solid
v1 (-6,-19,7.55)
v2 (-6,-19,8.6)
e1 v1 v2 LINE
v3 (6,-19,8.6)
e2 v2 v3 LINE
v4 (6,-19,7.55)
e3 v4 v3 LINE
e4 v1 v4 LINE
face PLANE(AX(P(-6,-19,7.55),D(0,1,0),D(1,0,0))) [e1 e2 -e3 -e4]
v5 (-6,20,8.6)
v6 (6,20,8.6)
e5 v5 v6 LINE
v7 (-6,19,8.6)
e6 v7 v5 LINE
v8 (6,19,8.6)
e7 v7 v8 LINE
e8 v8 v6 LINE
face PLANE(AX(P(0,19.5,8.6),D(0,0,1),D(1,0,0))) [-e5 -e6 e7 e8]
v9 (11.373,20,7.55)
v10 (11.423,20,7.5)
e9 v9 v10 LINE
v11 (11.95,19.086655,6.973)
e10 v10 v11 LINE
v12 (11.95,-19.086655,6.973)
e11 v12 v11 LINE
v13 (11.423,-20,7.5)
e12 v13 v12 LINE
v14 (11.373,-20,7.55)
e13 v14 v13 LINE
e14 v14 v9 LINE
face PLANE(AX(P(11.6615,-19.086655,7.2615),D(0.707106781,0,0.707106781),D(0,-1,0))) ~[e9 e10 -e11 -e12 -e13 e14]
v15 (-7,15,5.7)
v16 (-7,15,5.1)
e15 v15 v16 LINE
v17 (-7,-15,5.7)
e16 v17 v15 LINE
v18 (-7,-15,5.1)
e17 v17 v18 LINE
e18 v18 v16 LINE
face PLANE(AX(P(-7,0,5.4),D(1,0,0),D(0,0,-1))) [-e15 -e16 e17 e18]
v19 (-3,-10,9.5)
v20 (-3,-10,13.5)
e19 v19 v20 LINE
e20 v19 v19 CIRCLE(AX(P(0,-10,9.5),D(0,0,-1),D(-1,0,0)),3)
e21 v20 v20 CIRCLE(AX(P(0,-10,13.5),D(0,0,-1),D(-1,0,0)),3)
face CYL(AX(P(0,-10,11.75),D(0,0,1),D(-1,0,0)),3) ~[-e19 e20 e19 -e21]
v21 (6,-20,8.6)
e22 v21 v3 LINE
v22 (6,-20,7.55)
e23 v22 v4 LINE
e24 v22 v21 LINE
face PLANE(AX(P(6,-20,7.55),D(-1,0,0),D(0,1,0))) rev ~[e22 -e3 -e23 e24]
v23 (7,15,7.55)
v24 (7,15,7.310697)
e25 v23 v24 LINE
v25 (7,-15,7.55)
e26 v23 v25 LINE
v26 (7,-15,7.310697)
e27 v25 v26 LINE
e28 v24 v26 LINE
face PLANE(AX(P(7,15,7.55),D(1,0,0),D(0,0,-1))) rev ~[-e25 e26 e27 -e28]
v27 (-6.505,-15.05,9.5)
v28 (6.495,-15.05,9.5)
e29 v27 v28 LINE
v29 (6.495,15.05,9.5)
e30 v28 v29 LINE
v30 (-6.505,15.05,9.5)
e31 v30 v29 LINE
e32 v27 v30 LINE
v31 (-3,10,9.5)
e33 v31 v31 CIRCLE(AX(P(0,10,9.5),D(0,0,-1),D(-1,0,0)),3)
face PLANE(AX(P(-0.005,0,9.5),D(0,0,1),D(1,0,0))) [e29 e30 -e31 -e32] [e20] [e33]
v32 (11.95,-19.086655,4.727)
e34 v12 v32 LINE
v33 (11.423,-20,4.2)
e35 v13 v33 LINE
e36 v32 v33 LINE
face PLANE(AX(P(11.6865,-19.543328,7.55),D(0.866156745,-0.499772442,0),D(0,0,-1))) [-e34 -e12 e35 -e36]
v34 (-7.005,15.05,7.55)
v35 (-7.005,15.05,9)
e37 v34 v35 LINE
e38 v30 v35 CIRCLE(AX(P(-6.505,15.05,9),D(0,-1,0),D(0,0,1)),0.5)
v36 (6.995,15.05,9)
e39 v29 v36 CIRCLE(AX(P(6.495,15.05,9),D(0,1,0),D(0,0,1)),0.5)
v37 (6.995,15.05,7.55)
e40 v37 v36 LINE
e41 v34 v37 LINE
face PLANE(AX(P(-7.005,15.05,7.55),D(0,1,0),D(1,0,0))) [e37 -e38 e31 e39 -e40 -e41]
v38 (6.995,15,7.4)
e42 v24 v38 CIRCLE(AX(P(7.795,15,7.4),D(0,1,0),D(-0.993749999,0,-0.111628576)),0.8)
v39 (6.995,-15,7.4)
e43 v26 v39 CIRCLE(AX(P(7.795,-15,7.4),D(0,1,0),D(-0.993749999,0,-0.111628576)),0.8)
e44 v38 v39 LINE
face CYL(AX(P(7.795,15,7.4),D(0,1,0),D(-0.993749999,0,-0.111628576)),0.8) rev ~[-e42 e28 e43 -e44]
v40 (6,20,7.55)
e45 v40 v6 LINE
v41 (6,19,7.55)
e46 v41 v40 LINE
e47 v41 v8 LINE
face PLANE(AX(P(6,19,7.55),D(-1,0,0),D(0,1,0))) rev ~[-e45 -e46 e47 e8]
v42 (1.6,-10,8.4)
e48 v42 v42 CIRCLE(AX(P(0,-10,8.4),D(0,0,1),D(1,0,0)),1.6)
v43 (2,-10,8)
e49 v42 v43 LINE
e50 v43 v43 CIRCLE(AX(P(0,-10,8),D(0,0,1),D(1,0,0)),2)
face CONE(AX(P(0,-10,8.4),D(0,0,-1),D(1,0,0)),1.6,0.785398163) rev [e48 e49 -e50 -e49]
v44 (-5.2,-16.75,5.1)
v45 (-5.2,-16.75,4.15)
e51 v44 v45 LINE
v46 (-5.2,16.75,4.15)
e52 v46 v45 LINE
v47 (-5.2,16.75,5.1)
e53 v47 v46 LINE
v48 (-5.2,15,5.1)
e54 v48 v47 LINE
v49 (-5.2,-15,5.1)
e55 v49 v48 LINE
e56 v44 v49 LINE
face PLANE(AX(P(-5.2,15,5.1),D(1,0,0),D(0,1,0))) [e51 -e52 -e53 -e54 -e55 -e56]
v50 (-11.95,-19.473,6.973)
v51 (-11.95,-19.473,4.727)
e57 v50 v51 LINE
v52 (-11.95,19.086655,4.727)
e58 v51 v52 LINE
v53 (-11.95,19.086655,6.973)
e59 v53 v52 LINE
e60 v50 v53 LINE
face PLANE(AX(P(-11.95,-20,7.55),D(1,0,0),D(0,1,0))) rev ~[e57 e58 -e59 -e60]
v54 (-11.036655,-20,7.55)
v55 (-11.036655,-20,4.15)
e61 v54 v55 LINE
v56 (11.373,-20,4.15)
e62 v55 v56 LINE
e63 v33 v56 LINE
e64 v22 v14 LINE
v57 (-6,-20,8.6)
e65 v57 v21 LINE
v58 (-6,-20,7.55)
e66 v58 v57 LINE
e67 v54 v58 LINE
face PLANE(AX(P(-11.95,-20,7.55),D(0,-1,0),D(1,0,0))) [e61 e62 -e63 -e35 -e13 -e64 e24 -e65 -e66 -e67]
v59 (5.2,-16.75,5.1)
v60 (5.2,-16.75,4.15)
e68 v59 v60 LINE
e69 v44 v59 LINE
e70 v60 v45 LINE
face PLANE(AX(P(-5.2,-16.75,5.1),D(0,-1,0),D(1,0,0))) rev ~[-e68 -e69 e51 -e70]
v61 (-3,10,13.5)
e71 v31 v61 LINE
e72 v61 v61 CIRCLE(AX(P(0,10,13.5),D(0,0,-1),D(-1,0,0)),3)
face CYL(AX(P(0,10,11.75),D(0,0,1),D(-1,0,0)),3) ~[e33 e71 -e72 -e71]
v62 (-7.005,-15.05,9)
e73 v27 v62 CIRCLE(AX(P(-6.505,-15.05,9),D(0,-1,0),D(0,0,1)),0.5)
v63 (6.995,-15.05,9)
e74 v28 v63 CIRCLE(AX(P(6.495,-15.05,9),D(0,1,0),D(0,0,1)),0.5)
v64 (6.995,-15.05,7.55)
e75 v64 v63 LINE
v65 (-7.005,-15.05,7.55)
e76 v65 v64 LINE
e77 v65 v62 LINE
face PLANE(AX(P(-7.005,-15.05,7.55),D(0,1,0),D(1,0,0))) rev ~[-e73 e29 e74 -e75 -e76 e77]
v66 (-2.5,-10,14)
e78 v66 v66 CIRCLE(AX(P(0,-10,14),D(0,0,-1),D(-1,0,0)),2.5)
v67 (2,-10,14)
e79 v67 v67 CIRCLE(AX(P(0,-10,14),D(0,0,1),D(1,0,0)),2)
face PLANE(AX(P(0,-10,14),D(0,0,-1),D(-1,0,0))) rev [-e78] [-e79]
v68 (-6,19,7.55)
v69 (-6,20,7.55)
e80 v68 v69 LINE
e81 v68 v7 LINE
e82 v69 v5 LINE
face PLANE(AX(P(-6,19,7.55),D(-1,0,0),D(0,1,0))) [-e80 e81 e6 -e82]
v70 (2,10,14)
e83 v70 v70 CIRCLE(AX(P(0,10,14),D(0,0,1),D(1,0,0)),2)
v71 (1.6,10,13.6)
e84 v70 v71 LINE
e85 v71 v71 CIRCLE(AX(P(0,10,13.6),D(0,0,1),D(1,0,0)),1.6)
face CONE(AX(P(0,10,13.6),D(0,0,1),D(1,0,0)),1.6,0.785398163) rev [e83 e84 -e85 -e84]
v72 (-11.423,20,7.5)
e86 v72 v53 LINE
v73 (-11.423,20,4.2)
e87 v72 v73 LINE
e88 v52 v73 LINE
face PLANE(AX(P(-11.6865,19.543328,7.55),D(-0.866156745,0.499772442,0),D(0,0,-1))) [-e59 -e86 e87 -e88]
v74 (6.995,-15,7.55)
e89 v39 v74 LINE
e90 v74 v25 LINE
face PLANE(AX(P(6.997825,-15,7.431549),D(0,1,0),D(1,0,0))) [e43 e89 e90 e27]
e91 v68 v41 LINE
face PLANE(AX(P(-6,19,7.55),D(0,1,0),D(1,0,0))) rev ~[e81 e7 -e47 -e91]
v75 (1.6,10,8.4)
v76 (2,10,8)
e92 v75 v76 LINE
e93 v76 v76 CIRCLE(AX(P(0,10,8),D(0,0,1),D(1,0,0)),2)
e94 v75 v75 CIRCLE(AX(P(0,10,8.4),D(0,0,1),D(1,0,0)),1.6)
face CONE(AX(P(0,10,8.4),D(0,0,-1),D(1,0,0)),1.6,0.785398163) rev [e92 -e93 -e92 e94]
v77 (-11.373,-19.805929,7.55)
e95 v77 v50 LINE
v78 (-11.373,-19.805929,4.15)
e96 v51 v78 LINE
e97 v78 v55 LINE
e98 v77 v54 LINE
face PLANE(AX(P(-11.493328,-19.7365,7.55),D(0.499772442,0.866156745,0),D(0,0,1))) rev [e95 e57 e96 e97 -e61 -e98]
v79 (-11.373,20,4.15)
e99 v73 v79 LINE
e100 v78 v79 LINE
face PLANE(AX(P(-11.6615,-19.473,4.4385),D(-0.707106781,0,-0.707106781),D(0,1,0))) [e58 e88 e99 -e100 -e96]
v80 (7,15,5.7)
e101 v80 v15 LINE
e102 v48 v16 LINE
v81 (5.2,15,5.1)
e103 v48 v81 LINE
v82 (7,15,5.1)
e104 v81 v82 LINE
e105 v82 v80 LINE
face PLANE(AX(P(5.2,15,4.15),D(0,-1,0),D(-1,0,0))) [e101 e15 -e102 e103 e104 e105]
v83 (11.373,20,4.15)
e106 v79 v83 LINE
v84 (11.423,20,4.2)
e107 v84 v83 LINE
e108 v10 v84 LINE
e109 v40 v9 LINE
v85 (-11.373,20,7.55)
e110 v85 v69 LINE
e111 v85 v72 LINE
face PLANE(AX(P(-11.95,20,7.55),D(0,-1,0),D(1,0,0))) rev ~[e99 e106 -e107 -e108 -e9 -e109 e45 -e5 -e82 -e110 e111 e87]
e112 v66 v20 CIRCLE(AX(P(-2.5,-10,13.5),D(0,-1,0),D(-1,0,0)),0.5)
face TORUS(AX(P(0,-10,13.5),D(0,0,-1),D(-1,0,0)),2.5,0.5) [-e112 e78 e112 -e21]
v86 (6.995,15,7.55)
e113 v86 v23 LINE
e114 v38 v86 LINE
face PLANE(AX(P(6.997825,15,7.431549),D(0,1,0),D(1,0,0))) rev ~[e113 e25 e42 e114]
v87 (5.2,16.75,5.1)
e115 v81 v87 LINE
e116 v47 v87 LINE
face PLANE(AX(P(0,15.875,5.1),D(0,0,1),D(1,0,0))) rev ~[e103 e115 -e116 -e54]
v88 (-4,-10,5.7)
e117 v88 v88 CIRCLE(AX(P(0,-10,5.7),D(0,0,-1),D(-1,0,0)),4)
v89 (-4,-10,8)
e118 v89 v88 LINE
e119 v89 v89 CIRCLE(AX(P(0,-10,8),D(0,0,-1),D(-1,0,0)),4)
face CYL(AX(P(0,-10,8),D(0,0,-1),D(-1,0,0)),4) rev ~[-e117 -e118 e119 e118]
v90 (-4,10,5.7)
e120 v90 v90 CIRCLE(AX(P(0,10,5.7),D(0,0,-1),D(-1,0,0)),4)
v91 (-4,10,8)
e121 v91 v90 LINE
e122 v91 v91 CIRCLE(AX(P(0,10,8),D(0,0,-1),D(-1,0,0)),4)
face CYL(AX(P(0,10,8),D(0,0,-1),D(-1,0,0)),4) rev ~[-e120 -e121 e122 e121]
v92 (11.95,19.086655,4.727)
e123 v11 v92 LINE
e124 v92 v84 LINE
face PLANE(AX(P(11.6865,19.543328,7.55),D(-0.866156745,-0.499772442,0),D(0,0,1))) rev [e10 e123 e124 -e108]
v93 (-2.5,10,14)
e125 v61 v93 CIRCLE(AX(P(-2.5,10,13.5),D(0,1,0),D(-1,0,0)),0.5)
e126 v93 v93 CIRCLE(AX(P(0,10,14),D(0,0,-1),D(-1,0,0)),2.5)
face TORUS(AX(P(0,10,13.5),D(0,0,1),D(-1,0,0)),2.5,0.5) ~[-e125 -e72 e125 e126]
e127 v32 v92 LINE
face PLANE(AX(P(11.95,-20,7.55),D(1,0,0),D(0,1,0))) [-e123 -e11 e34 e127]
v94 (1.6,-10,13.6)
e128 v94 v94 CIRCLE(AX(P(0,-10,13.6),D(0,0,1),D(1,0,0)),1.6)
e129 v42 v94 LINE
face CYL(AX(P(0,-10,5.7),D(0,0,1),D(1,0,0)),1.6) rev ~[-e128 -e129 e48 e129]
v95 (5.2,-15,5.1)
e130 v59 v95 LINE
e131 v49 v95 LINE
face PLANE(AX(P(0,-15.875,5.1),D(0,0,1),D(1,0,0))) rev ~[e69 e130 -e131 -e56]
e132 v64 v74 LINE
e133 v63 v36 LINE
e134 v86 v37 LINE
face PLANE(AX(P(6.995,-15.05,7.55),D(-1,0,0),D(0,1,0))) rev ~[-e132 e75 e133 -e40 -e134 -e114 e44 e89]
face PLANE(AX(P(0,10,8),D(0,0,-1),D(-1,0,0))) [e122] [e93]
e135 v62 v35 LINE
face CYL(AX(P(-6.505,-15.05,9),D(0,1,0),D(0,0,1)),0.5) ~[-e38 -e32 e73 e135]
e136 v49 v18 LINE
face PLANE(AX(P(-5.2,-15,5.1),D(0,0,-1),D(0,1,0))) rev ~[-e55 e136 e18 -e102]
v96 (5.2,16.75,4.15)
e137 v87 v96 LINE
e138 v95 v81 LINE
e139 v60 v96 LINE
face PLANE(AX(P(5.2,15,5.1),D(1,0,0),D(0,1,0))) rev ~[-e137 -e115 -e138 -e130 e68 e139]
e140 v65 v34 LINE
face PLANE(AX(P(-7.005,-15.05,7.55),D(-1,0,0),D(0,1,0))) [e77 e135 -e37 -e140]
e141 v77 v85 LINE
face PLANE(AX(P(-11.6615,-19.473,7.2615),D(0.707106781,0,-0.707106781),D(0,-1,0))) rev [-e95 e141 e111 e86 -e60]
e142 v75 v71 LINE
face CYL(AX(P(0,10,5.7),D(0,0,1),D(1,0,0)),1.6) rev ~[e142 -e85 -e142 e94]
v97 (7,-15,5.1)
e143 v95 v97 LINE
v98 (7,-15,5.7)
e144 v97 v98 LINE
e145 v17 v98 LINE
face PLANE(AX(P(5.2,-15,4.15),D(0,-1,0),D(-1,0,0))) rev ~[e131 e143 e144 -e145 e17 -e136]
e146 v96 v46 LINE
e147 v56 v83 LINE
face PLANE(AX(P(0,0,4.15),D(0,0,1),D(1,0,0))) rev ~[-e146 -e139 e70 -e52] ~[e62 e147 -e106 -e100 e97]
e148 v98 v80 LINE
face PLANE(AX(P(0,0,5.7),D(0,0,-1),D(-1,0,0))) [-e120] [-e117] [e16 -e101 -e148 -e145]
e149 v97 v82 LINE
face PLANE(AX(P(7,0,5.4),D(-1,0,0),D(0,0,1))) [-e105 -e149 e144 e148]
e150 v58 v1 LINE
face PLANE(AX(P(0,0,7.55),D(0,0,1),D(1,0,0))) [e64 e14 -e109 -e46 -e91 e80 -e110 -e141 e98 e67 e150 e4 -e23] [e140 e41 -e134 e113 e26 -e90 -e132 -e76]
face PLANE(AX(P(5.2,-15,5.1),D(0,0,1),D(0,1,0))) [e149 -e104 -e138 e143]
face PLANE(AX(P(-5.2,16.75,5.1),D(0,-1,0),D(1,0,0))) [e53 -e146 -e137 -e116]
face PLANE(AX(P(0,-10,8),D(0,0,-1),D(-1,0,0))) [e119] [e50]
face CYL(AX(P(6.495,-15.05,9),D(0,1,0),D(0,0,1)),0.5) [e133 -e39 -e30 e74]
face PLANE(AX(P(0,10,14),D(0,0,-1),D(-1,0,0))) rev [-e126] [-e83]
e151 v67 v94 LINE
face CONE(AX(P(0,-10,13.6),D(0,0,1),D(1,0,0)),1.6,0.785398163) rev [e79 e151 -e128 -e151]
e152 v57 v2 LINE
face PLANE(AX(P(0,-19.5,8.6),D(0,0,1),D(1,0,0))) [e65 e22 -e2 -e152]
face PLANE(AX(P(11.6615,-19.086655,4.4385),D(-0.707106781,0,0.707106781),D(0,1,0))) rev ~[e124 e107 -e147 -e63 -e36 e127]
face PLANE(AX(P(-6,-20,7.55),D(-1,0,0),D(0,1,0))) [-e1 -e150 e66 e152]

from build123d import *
from OCP.BRepFilletAPI import BRepFilletAPI_MakeChamfer

# Parameters (mm, degrees)
ESQUISSE1_W                                        = 23.9
ESQUISSE1_H                                        = 40
BOSS_EXTRU_1_DEPTH                                 = 3.4
ENL_V_MAT_EXTRU_1_DEPTH                            = 30
ESQUISSE3_W                                        = 14
ESQUISSE3_H                                        = 30.1
BOSS_EXTRU_2_DEPTH                                 = 1.95
ESQUISSE4_W                                        = 10.4
ESQUISSE4_H                                        = 30
ENL_V_MAT_EXTRU_2_DEPTH                            = 1.55
ENL_V_MAT_EXTRU_3_REACH                            = 25.71
ESQUISSE6_W                                        = 10.4
ESQUISSE6_H                                        = 1.75
ENL_V_MAT_EXTRU_4_REACH                            = 25.71
ESQUISSE8_W                                        = 10.4
ESQUISSE8_H                                        = 1.75
ESQUISSE9_W                                        = 0.6
ESQUISSE9_H                                        = 30
ENL_V_MAT_EXTRU_5_DEPTH                            = 1.8
ESQUISSE10_W                                       = 0.6
ESQUISSE10_H                                       = 30
ENL_V_MAT_EXTRU_6_DEPTH                            = 1.8
ESQUISSE11_W                                       = 12
ESQUISSE11_H                                       = 1
BOSS_EXTRU_3_DEPTH                                 = 1.05
ESQUISSE12_W                                       = 12
ESQUISSE12_H                                       = 1
BOSS_EXTRU_4_DEPTH                                 = 1.05
ESQUISSE13_W                                       = 3
ESQUISSE13_H                                       = 4.5
ESQUISSE14_W                                       = 3
ESQUISSE14_H                                       = 4.5
CHAMBRAGE_POUR_VIS_T_TE_HEXAGONALE_M31_D           = 3.2
CHAMBRAGE_POUR_VIS_T_TE_HEXAGONALE_M31_CBORE_D     = 8
CHAMBRAGE_POUR_VIS_T_TE_HEXAGONALE_M31_CBORE_DEPTH = 2.3
CHANFREIN1_SIZE                                    = 0.913344887
CHANFREIN1_SIZE2                                   = 0.527
CHANFREIN2_SIZE                                    = 0.527
CHANFREIN2_SIZE2                                   = 0.913344887
CHANFREIN3_SIZE                                    = 0.577
CHANFREIN4_SIZE                                    = 0.4
CONG_1_R                                           = 0.5


with BuildPart() as part:
    # Esquisse1 → Boss.-Extru.1 (new body)
    with BuildSketch(Plane.XY.offset(7.55)):
        Rectangle(ESQUISSE1_W, ESQUISSE1_H)
    extrude(amount=-BOSS_EXTRU_1_DEPTH)

    # Esquisse2 → Enlèv. mat.-Extru.1 (cut)
    with BuildSketch(Plane(origin=(0, 15, 0), x_dir=(1, 0, 0), z_dir=(0, 1, 0))):
        with BuildLine():
            Line((6.995, -7.4), (6.995, -7.55))
            Line((6.995, -7.55), (7, -7.55))
            Line((7, -7.55), (7, -7.310697145))
            ThreePointArc((7, -7.310697145), (6.996250978, -7.35527864), (6.995, -7.4))
        make_face()
    extrude(amount=-ENL_V_MAT_EXTRU_1_DEPTH, mode=Mode.SUBTRACT)

    # Esquisse3 → Boss.-Extru.2 (add)
    with BuildSketch(Plane.XY.offset(7.55)):
        with Locations((-0.005, 0)):
            Rectangle(ESQUISSE3_W, ESQUISSE3_H)
    extrude(amount=BOSS_EXTRU_2_DEPTH)

    # Esquisse4 → Enlèv. mat.-Extru.2 (cut)
    with BuildSketch(Plane(origin=(0, 0, 4.15), x_dir=(-1, 0, 0), z_dir=(0, 0, -1))):
        Rectangle(ESQUISSE4_W, ESQUISSE4_H)
    extrude(amount=-ENL_V_MAT_EXTRU_2_DEPTH, mode=Mode.SUBTRACT)

    # Esquisse6 → Enlèv. mat.-Extru.3 (cut, up to next)
    with BuildSketch(Plane.XY.offset(5.1), mode=Mode.PRIVATE) as enl_v_mat_extru_3_sk1:
        with Locations((0, -15.875)):
            Rectangle(ESQUISSE6_W, ESQUISSE6_H)
    enl_v_mat_extru_3_tool1 = extrude(enl_v_mat_extru_3_sk1.sketch, amount=-ENL_V_MAT_EXTRU_3_REACH, mode=Mode.PRIVATE) & part.part
    add(enl_v_mat_extru_3_tool1.solids().sort_by_distance((0, -15.875, 5.1))[0], mode=Mode.SUBTRACT)

    # Esquisse8 → Enlèv. mat.-Extru.4 (cut, up to next)
    with BuildSketch(Plane.XY.offset(5.1), mode=Mode.PRIVATE) as enl_v_mat_extru_4_sk1:
        with Locations((0, 15.875)):
            Rectangle(ESQUISSE8_W, ESQUISSE8_H)
    enl_v_mat_extru_4_tool1 = extrude(enl_v_mat_extru_4_sk1.sketch, amount=-ENL_V_MAT_EXTRU_4_REACH, mode=Mode.PRIVATE) & part.part
    add(enl_v_mat_extru_4_tool1.solids().sort_by_distance((0, 15.875, 5.1))[0], mode=Mode.SUBTRACT)

    # Esquisse9 → Enlèv. mat.-Extru.5 (cut)
    with BuildSketch(Plane.ZY.offset(-5.2)):
        with Locations((5.4, 0)):
            Rectangle(ESQUISSE9_W, ESQUISSE9_H)
    extrude(amount=-ENL_V_MAT_EXTRU_5_DEPTH, mode=Mode.SUBTRACT)

    # Esquisse10 → Enlèv. mat.-Extru.6 (cut)
    with BuildSketch(Plane(origin=(-5.2, 0, 0), x_dir=(0, 0, -1), z_dir=(1, 0, 0))):
        with Locations((-5.4, 0)):
            Rectangle(ESQUISSE10_W, ESQUISSE10_H)
    extrude(amount=-ENL_V_MAT_EXTRU_6_DEPTH, mode=Mode.SUBTRACT)

    # Esquisse11 → Boss.-Extru.3 (add)
    with BuildSketch(Plane.XY.offset(7.55)):
        with Locations((0, -19.5)):
            Rectangle(ESQUISSE11_W, ESQUISSE11_H)
    extrude(amount=BOSS_EXTRU_3_DEPTH)

    # Esquisse12 → Boss.-Extru.4 (add)
    with BuildSketch(Plane.XY.offset(7.55)):
        with Locations((0, 19.5)):
            Rectangle(ESQUISSE12_W, ESQUISSE12_H)
    extrude(amount=BOSS_EXTRU_4_DEPTH)

    # Esquisse13 → Révolution1 (revolve)
    with BuildSketch(Plane.XZ.offset(-10), mode=Mode.PRIVATE) as r_volution1_sk:
        with Locations((1.5, 11.75)):
            Rectangle(ESQUISSE13_W, ESQUISSE13_H)
    revolve(r_volution1_sk.sketch.rotate(Axis((0, 10, 14), (0, 0, -1)), 180), axis=Axis((0, 10, 14), (0, 0, -1)))

    # Esquisse14 → Révolution2 (revolve)
    with BuildSketch(Plane.XZ.offset(10), mode=Mode.PRIVATE) as r_volution2_sk:
        with Locations((1.5, 11.75)):
            Rectangle(ESQUISSE14_W, ESQUISSE14_H)
    revolve(r_volution2_sk.sketch.rotate(Axis((0, -10, 14), (0, 0, -1)), 180), axis=Axis((0, -10, 14), (0, 0, -1)))

    # Chambrage pour vis à tête hexagonale M31 (through all)
    with Locations(Plane(origin=(0, 0, 5.7), x_dir=(-1, 0, 0), z_dir=(0, 0, -1))):
        with Locations((0, -10), (0, 10)):
            CounterBoreHole(CHAMBRAGE_POUR_VIS_T_TE_HEXAGONALE_M31_D / 2, CHAMBRAGE_POUR_VIS_T_TE_HEXAGONALE_M31_CBORE_D / 2, CHAMBRAGE_POUR_VIS_T_TE_HEXAGONALE_M31_CBORE_DEPTH)

    # Chanfrein1
    chanfrein1_edges = [part.edges().sort_by_distance(p)[0] for p in [
        (11.95, 20, 5.85),
    ]]
    chanfrein1_side = [part.faces().sort_by_distance(p)[0] for p in [
        (11.95, 0, 5.85),
    ]]
    chamfer(chanfrein1_edges, length=CHANFREIN1_SIZE, length2=CHANFREIN1_SIZE2, reference=chanfrein1_side[0])

    # Chanfrein2: one chamfer whose edges measure the first distance from different faces: ONE call of the kernel's chamfer builder (chamfer() names one face for all edges)
    chanfrein2_edges_1 = [part.edges().sort_by_distance(p)[0] for p in [
        (11.95, -20, 5.85),
    ]]
    chanfrein2_side_1 = [part.faces().sort_by_distance(p)[0] for p in [
        (0, -20, 6.148689538),
    ]]
    chanfrein2_edges_2 = [part.edges().sort_by_distance(p)[0] for p in [
        (-11.95, -20, 5.85),
    ]]
    chanfrein2_side_2 = [part.faces().sort_by_distance(p)[0] for p in [
        (-11.95, 0, 5.85),
    ]]
    chanfrein2_edges_3 = [part.edges().sort_by_distance(p)[0] for p in [
        (-11.95, 20, 5.85),
    ]]
    chanfrein2_side_3 = [part.faces().sort_by_distance(p)[0] for p in [
        (-0.227438689, 20, 6.154502532),
    ]]
    chanfrein2 = BRepFilletAPI_MakeChamfer(part.part.solid().wrapped)
    for e in chanfrein2_edges_1:
        chanfrein2.Add(CHANFREIN2_SIZE, CHANFREIN2_SIZE2, e.wrapped, chanfrein2_side_1[0].wrapped)  # the first distance lies on this face
    for e in chanfrein2_edges_2:
        chanfrein2.Add(CHANFREIN2_SIZE, CHANFREIN2_SIZE2, e.wrapped, chanfrein2_side_2[0].wrapped)  # the first distance lies on this face
    for e in chanfrein2_edges_3:
        chanfrein2.Add(CHANFREIN2_SIZE, CHANFREIN2_SIZE2, e.wrapped, chanfrein2_side_3[0].wrapped)  # the first distance lies on this face
    add(Compound.cast(chanfrein2.Shape()), mode=Mode.REPLACE)

    # Chanfrein3
    chanfrein3_edges = [part.edges().sort_by_distance(p)[0] for p in [
        (-11.95, -0.193172444, 4.15),
        (-11.95, -0.193172444, 7.55),
        (11.95, 0, 4.15),
        (11.95, 0, 7.55),
    ]]
    chamfer(chanfrein3_edges, length=CHANFREIN3_SIZE)

    # Chanfrein4
    chanfrein4_edges = [part.edges().sort_by_distance(p)[0] for p in [
        (-1.6, 10, 14),
        (-1.6, 10, 8),
        (-1.6, -10, 14),
        (-1.6, -10, 8),
    ]]
    chamfer(chanfrein4_edges, length=CHANFREIN4_SIZE)

    # Congé1
    cong_1_edges = [part.edges().sort_by_distance(p)[0] for p in [
        (3, 10, 14),
        (3, -10, 14),
        (-7.005, 0, 9.5),
        (6.995, 0, 9.5),
    ]]
    fillet(cong_1_edges, radius=CONG_1_R)


solid = part.part
